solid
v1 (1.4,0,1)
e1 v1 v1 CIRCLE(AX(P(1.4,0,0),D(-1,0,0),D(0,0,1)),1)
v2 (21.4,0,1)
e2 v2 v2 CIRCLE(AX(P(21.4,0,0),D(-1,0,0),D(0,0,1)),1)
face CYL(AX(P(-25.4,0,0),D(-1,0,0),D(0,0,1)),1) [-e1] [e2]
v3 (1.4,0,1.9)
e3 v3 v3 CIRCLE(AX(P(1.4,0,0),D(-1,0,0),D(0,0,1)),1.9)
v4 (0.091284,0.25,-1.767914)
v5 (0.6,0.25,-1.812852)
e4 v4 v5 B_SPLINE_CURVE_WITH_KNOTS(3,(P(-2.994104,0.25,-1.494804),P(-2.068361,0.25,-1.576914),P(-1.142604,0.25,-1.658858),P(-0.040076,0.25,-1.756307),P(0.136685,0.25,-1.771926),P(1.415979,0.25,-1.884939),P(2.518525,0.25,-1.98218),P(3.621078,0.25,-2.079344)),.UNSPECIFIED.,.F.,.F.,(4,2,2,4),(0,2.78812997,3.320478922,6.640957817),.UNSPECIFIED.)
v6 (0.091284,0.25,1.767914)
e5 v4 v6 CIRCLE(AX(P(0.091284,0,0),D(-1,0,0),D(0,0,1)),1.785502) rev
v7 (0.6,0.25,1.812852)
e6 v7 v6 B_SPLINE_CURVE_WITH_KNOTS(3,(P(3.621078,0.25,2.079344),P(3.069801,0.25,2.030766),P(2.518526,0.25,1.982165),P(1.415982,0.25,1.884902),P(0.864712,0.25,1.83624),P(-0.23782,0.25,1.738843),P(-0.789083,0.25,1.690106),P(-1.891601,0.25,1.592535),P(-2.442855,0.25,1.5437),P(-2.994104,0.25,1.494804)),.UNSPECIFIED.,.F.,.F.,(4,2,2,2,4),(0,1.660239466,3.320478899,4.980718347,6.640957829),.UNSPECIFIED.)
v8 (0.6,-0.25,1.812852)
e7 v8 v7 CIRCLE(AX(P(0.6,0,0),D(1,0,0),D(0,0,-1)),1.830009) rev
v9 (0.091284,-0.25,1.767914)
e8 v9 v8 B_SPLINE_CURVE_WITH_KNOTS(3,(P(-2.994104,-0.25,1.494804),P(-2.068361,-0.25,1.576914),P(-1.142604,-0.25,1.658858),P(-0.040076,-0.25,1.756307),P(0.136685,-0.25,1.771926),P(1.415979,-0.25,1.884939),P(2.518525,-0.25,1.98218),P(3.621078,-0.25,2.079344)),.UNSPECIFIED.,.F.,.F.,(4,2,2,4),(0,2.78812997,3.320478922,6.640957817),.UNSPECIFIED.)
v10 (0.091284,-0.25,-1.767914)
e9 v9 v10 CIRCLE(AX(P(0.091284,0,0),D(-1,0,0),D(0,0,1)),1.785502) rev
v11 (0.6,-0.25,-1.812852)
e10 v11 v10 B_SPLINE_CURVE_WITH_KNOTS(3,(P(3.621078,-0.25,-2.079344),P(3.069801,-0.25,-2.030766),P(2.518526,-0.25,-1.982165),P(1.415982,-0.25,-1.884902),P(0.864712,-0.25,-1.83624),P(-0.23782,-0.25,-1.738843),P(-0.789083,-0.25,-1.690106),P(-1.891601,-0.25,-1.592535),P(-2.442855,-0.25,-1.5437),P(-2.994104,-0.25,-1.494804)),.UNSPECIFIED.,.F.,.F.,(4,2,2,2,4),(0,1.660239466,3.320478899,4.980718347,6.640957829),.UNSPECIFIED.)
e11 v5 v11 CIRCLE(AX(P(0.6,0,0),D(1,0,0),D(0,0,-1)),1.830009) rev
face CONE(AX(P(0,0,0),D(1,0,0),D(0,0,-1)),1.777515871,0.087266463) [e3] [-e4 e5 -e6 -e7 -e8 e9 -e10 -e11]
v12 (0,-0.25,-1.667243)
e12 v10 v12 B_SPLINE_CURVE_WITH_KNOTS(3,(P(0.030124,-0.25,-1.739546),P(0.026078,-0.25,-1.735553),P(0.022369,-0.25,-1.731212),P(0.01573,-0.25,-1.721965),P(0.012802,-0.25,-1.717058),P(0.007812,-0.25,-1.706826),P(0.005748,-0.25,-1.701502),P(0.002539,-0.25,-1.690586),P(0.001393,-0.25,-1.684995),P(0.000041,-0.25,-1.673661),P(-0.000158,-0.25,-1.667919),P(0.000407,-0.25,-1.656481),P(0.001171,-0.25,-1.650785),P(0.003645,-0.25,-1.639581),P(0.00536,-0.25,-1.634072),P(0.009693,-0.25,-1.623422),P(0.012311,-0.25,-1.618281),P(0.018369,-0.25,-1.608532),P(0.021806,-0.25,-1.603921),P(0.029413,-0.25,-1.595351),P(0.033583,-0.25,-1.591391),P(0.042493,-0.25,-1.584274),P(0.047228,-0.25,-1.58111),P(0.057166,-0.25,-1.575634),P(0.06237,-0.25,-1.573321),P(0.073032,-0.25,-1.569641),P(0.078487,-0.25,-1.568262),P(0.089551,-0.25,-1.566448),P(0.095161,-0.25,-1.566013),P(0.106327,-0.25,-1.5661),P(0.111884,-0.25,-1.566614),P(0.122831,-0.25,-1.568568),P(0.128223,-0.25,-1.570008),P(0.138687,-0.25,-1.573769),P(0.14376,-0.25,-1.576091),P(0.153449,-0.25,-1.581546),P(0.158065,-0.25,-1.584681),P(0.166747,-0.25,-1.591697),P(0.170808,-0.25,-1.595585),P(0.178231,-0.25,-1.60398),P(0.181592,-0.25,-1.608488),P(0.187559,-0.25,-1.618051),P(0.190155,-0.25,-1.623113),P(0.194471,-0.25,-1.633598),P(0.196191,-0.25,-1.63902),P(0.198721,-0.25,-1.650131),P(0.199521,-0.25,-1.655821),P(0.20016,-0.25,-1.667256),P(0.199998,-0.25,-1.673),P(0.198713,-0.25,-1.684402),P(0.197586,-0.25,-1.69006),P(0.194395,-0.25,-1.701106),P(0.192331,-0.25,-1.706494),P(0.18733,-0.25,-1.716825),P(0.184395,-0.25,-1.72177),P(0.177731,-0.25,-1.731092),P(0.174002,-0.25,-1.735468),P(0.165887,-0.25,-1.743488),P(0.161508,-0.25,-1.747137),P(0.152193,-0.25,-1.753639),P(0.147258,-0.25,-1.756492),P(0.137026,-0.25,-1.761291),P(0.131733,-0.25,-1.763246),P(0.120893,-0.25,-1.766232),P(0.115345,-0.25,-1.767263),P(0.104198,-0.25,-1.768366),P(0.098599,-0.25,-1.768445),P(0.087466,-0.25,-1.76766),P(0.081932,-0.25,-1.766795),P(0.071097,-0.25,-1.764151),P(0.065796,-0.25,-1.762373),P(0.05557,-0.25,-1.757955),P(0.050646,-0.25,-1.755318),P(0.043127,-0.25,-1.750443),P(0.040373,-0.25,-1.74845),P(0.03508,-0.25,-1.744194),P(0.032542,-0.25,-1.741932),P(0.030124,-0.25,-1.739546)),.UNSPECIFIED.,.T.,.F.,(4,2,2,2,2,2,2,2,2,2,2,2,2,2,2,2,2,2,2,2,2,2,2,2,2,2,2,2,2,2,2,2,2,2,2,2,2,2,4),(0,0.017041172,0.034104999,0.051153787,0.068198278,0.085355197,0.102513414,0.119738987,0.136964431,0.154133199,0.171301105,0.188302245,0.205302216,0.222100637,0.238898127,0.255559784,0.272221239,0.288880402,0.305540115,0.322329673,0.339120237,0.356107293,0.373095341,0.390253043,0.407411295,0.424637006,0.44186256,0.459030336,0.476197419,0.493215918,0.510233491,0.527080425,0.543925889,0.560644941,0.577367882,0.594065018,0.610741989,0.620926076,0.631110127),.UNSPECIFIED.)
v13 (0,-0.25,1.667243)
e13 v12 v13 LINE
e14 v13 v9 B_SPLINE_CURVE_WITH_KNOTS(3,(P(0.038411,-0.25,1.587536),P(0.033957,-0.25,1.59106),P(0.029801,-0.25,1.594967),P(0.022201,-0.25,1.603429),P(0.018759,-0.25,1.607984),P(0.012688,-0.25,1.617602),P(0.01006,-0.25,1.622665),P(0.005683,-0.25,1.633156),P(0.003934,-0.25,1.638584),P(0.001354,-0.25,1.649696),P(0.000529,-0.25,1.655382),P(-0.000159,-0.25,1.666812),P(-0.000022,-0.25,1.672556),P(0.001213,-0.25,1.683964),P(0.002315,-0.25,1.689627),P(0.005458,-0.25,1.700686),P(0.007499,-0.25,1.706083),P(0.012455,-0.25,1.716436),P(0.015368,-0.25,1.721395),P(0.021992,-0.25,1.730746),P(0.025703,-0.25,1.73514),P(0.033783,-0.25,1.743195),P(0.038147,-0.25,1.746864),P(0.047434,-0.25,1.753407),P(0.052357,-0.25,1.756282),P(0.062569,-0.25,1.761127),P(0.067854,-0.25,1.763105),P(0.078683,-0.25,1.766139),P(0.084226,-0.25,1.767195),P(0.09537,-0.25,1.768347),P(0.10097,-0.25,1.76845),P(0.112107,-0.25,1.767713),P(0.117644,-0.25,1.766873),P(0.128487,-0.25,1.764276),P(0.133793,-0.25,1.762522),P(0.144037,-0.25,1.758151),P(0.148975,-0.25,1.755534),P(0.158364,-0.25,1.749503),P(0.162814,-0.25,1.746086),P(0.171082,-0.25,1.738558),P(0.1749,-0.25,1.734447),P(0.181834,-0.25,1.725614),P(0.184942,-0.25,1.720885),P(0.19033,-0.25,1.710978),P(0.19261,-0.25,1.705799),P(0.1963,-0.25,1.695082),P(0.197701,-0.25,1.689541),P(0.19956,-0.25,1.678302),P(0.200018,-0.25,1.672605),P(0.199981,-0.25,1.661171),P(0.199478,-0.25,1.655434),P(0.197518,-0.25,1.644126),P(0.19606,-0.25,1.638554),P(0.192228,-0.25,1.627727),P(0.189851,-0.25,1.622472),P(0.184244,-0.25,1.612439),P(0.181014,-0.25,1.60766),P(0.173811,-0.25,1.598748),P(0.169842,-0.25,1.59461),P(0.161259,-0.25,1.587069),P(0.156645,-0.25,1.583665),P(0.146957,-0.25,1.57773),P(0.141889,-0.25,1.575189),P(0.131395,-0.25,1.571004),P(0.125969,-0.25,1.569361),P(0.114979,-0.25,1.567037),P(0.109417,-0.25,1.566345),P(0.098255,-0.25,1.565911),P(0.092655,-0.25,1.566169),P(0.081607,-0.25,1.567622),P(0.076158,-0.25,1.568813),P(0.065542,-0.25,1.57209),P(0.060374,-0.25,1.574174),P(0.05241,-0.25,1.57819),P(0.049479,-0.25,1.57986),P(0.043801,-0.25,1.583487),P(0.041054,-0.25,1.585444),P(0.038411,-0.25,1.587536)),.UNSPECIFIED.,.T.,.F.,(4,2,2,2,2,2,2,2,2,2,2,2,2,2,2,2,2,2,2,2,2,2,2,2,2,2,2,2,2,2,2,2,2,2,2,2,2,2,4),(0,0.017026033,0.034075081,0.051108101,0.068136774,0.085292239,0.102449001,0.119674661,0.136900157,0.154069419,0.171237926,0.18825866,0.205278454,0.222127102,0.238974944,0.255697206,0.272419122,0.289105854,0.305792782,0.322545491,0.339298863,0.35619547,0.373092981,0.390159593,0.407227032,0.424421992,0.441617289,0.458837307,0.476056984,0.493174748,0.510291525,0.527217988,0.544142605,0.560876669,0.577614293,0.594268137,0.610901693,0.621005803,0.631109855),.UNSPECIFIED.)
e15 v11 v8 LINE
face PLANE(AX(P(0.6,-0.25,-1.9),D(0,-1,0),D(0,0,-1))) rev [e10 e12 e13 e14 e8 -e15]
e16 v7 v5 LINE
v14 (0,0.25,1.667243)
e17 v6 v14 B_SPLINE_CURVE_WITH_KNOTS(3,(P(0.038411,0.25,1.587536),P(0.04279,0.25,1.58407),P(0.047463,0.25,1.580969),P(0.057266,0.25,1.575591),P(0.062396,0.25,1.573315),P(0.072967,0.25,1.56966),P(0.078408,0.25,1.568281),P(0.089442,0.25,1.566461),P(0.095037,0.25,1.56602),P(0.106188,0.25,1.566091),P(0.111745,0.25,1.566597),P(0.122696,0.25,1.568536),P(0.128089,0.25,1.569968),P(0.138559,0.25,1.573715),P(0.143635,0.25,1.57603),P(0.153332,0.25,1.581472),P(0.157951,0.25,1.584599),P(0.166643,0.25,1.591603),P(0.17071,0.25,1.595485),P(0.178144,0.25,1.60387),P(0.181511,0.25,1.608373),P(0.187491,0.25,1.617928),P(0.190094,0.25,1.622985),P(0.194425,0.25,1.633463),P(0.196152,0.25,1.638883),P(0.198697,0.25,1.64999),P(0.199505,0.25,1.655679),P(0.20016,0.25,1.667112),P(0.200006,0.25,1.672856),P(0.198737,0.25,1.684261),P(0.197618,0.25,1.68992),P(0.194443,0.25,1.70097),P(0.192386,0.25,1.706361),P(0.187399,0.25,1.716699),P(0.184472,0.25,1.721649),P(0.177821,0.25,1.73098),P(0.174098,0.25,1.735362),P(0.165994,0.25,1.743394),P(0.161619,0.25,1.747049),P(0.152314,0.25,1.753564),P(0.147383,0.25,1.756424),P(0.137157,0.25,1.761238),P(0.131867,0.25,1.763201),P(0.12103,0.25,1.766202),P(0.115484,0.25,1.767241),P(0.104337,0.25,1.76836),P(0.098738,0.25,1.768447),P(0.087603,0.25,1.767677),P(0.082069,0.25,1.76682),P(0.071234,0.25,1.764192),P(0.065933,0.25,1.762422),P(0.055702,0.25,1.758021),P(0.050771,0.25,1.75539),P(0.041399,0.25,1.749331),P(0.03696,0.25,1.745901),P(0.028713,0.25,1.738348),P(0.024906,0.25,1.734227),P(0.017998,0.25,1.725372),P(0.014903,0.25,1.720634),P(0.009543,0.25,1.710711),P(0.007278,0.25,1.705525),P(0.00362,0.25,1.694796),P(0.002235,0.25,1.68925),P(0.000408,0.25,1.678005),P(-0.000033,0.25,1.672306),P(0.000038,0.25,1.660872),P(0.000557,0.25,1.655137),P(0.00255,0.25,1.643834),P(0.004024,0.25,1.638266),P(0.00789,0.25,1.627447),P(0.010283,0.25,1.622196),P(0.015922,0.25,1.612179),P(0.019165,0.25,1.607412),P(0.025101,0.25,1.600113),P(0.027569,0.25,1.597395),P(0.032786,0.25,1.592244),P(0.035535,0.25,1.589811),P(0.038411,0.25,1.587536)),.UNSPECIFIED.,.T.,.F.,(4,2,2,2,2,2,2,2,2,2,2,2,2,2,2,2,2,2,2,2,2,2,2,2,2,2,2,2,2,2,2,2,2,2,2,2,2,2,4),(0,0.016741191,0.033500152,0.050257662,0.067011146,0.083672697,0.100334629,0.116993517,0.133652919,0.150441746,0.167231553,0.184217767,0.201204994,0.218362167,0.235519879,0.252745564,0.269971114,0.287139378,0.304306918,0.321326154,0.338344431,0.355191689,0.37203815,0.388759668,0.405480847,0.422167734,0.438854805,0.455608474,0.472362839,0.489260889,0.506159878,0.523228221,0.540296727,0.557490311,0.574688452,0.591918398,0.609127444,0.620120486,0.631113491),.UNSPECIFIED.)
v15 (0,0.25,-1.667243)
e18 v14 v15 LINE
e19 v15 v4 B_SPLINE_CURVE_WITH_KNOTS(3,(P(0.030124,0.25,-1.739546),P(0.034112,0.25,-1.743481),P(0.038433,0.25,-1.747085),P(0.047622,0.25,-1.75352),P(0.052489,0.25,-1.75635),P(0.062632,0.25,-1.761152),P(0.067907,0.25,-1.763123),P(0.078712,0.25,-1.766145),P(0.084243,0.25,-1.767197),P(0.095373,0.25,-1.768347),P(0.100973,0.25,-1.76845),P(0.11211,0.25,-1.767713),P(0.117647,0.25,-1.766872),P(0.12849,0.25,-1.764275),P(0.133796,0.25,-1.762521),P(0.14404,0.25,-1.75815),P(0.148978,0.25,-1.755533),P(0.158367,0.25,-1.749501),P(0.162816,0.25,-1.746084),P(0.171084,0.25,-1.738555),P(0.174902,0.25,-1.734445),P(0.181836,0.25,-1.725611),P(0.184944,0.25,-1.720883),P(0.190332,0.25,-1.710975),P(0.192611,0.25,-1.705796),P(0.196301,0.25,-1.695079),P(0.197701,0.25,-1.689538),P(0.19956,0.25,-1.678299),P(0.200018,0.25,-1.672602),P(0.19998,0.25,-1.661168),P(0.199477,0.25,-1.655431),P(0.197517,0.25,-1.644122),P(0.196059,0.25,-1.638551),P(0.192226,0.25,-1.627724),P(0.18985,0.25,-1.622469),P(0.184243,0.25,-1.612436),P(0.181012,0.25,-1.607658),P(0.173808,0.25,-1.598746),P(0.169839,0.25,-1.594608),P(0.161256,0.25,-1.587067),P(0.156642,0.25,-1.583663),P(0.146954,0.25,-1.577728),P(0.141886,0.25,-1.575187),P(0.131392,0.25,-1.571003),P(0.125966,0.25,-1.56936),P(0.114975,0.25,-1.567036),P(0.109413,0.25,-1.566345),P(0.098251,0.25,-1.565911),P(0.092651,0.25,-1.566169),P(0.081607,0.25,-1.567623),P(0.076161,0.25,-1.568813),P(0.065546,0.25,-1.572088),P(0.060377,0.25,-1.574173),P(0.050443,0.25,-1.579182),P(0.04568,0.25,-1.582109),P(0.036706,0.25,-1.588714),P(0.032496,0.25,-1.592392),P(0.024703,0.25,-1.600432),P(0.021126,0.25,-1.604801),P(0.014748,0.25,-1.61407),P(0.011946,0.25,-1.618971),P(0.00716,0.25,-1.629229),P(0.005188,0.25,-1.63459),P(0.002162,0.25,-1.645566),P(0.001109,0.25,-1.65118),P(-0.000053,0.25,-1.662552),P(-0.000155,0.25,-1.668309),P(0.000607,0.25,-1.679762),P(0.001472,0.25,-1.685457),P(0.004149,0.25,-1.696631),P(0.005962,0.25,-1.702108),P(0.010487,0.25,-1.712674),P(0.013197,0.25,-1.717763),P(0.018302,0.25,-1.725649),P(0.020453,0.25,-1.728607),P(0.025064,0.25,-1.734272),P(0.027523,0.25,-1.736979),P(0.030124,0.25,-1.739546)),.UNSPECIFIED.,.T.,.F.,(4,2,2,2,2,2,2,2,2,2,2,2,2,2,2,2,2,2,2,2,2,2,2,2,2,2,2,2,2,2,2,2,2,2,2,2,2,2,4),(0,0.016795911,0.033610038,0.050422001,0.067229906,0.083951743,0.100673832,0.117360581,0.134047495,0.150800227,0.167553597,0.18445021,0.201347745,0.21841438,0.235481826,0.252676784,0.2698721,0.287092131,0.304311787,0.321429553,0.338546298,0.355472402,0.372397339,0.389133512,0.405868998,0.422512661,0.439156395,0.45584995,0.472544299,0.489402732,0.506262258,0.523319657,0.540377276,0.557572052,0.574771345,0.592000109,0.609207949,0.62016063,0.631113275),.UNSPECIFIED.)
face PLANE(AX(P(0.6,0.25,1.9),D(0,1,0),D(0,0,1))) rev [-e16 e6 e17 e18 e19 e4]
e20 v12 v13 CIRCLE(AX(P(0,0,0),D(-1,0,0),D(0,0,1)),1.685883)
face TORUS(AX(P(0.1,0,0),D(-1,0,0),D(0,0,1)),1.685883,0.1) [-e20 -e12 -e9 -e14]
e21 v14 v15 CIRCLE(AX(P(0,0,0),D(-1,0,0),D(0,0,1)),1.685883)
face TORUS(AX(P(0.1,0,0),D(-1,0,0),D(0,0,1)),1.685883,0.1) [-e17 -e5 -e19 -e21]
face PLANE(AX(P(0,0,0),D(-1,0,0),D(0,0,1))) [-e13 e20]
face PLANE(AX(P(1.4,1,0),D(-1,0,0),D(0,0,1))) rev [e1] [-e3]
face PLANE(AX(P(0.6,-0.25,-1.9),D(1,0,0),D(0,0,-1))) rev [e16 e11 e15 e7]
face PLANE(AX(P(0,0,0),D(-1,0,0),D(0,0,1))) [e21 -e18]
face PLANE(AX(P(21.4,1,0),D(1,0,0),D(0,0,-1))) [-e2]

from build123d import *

# Parameters (mm, degrees)
FILLET2_R  = 0.1
SKETCH2_W  = 3.8
SKETCH2_H  = 0.5
SLOT_DEPTH = 0.6


with BuildPart() as part:
    # BodySke → Base-Revolve (revolve)
    with BuildSketch(Plane.XY, mode=Mode.PRIVATE) as base_revolve_sk:
        Polygon((1.4, 1), (1.4, 1.9), (0, 1.777515871), (0, 0), (21.4, 0), (21.4, 1), align=None)
    revolve(base_revolve_sk.sketch.rotate(Axis((-25.4, 0, 0), (1, 0, 0)), 90), axis=Axis((-25.4, 0, 0), (1, 0, 0)))

    # Fillet2
    fillet2_edges = [part.edges().sort_by_distance(p)[0] for p in [
        (0, 0, -1.777515871),
    ]]
    fillet(fillet2_edges, radius=FILLET2_R)

    # Sketch2 → Slot (cut)
    with BuildSketch(Plane(origin=(0, 0, 0), x_dir=(0, 0, -1), z_dir=(1, 0, 0))):
        Rectangle(SKETCH2_W, SKETCH2_H)
    extrude(amount=SLOT_DEPTH, mode=Mode.SUBTRACT)


solid = part.part
